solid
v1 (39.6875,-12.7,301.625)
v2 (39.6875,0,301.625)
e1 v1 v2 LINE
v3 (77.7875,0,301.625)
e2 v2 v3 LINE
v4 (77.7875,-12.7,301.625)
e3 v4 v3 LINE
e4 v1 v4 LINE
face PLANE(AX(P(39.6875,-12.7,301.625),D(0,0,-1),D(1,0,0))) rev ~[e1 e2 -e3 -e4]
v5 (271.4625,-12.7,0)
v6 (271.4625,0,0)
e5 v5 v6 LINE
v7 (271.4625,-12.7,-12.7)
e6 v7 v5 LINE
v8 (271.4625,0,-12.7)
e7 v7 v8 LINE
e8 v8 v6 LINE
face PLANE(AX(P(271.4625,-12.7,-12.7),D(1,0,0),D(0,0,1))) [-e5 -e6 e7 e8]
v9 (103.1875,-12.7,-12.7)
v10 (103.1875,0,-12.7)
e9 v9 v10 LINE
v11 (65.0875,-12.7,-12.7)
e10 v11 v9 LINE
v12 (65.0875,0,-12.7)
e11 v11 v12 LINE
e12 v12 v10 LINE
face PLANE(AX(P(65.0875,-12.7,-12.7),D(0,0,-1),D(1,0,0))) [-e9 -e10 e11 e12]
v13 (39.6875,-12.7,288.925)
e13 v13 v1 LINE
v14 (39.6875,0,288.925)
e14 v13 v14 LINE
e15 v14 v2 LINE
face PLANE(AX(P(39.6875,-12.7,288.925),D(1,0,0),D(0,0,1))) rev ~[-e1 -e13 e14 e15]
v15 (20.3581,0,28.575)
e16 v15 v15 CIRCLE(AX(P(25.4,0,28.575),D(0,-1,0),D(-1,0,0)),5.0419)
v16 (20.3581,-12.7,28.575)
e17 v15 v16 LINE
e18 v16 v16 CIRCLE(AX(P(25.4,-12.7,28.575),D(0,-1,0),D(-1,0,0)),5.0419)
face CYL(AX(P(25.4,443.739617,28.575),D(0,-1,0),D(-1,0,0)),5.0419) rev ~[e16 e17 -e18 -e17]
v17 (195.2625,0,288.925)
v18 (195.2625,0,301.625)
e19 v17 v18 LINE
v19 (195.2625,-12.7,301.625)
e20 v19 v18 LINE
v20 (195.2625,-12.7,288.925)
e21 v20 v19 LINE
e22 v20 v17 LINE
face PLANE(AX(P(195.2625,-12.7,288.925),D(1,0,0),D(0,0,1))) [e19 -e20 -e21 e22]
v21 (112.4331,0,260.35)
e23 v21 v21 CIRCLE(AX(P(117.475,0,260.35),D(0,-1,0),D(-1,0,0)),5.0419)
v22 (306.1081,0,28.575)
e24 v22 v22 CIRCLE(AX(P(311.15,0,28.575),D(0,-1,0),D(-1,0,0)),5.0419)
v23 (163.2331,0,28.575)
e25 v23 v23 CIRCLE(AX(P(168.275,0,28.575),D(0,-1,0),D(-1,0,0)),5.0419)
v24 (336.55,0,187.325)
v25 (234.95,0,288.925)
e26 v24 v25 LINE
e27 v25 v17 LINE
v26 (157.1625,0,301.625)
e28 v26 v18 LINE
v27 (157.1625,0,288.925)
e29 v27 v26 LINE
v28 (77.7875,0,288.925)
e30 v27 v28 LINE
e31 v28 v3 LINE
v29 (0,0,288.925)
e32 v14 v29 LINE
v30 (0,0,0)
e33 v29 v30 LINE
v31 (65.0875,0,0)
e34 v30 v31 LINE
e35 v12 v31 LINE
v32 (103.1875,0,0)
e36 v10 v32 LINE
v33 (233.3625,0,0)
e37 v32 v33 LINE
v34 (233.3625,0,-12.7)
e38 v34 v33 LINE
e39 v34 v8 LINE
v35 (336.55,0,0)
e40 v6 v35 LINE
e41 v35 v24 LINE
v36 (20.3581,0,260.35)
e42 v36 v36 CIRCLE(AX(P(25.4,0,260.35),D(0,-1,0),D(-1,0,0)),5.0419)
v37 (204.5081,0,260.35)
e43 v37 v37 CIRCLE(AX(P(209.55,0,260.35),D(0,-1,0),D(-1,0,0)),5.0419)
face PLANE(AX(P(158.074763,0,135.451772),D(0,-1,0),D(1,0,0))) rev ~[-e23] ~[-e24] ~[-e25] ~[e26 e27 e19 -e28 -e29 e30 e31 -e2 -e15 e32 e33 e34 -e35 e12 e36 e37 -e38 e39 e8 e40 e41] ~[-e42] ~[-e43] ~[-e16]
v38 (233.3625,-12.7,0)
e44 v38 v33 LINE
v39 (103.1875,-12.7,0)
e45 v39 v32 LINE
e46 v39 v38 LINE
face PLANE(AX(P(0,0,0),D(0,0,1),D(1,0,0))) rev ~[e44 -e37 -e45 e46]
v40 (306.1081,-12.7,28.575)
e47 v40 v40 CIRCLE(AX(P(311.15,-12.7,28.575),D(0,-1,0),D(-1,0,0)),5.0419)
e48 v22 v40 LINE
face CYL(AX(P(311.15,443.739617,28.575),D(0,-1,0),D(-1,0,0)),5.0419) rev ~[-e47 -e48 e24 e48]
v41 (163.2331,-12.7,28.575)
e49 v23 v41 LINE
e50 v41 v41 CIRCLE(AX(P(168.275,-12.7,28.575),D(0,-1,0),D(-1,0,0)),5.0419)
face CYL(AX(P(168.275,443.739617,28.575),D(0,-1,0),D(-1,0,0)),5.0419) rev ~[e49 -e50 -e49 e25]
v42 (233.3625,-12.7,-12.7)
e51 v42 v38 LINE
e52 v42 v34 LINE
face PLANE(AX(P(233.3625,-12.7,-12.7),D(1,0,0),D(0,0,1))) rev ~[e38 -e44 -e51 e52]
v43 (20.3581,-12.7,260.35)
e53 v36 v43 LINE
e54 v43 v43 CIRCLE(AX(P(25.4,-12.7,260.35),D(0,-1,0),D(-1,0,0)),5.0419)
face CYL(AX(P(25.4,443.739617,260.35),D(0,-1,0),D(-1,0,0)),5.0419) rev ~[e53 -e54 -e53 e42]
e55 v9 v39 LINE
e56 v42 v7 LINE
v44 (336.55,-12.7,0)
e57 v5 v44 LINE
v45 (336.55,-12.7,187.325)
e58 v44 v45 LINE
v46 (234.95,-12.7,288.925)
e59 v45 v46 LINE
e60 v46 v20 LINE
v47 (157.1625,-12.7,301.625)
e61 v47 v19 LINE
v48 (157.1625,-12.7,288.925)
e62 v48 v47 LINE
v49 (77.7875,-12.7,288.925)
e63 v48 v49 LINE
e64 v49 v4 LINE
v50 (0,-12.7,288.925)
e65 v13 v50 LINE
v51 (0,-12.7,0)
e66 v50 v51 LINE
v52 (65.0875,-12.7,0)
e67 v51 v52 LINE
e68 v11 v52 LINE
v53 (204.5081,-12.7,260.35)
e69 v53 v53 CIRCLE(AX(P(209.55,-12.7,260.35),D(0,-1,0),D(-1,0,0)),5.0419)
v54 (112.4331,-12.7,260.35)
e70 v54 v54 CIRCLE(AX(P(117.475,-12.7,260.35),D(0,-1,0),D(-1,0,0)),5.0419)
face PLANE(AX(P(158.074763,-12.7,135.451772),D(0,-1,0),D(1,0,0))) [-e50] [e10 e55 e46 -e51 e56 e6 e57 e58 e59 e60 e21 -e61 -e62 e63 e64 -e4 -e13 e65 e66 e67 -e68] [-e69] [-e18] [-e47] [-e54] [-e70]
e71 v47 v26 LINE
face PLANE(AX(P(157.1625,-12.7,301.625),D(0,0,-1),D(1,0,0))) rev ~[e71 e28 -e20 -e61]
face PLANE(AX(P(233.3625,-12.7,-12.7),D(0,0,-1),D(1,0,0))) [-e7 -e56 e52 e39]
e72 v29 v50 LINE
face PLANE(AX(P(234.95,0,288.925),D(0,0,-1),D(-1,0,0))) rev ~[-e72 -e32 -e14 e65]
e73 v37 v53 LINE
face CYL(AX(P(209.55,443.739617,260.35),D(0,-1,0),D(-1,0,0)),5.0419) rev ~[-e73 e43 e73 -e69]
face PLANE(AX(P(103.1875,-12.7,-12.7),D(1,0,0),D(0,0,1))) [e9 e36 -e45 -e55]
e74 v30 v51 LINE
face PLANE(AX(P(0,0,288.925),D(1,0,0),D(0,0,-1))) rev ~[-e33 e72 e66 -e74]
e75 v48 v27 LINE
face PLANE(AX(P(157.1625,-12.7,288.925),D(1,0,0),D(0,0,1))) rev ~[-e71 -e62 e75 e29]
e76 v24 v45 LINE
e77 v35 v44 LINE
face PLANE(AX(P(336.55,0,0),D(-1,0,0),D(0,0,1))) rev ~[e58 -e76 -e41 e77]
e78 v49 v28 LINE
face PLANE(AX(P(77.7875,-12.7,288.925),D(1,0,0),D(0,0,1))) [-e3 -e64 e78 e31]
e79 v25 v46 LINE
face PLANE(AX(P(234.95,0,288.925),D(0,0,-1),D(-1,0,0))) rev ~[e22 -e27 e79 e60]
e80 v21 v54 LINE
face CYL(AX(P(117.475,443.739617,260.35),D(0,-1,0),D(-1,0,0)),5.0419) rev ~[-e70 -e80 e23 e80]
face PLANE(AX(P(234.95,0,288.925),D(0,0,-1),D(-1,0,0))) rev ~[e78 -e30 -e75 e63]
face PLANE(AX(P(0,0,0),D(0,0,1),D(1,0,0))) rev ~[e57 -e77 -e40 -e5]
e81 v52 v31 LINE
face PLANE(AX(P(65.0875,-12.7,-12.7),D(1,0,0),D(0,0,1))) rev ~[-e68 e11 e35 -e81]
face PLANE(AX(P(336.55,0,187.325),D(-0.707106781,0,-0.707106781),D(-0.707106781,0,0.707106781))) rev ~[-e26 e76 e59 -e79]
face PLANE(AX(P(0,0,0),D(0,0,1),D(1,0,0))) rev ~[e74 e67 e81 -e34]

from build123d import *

# Parameters (mm, degrees)
F1_DEPTH = 12.7
F2_D     = 10.0838
F3_W     = 38.1
F3_H     = 12.7
F4_DEPTH = 12.7


with BuildPart() as f1:
    # F0 (on Front) → F1 (new body)
    with BuildSketch(Plane.XZ):
        Polygon((0, 288.925), (0, 0), (336.55, 0), (336.55, 187.325), (234.95, 288.925), align=None)
    extrude(amount=F1_DEPTH)

    # F2 (through all)
    with Locations(Plane(origin=(0, 0, 0), x_dir=(1, 0, 0), z_dir=(0, 1, 0))):
        with Locations((311.15, -28.575), (168.275, -28.575), (25.4, -28.575), (25.4, -260.35), (209.55, -260.35), (117.475, -260.35)):
            Hole(F2_D / 2)

    # F3 (on face) → F4 (join)
    with BuildSketch(Plane.XZ.offset(12.7)):
        with Locations((58.7375, 295.275)):
            Rectangle(F3_W, F3_H)
        with Locations((176.2125, 295.275)):
            Rectangle(F3_W, F3_H)
        with Locations((84.1375, -6.35)):
            Rectangle(F3_W, F3_H)
        with Locations((252.4125, -6.35)):
            Rectangle(F3_W, F3_H)
    extrude(amount=-F4_DEPTH)


solid = f1.part
